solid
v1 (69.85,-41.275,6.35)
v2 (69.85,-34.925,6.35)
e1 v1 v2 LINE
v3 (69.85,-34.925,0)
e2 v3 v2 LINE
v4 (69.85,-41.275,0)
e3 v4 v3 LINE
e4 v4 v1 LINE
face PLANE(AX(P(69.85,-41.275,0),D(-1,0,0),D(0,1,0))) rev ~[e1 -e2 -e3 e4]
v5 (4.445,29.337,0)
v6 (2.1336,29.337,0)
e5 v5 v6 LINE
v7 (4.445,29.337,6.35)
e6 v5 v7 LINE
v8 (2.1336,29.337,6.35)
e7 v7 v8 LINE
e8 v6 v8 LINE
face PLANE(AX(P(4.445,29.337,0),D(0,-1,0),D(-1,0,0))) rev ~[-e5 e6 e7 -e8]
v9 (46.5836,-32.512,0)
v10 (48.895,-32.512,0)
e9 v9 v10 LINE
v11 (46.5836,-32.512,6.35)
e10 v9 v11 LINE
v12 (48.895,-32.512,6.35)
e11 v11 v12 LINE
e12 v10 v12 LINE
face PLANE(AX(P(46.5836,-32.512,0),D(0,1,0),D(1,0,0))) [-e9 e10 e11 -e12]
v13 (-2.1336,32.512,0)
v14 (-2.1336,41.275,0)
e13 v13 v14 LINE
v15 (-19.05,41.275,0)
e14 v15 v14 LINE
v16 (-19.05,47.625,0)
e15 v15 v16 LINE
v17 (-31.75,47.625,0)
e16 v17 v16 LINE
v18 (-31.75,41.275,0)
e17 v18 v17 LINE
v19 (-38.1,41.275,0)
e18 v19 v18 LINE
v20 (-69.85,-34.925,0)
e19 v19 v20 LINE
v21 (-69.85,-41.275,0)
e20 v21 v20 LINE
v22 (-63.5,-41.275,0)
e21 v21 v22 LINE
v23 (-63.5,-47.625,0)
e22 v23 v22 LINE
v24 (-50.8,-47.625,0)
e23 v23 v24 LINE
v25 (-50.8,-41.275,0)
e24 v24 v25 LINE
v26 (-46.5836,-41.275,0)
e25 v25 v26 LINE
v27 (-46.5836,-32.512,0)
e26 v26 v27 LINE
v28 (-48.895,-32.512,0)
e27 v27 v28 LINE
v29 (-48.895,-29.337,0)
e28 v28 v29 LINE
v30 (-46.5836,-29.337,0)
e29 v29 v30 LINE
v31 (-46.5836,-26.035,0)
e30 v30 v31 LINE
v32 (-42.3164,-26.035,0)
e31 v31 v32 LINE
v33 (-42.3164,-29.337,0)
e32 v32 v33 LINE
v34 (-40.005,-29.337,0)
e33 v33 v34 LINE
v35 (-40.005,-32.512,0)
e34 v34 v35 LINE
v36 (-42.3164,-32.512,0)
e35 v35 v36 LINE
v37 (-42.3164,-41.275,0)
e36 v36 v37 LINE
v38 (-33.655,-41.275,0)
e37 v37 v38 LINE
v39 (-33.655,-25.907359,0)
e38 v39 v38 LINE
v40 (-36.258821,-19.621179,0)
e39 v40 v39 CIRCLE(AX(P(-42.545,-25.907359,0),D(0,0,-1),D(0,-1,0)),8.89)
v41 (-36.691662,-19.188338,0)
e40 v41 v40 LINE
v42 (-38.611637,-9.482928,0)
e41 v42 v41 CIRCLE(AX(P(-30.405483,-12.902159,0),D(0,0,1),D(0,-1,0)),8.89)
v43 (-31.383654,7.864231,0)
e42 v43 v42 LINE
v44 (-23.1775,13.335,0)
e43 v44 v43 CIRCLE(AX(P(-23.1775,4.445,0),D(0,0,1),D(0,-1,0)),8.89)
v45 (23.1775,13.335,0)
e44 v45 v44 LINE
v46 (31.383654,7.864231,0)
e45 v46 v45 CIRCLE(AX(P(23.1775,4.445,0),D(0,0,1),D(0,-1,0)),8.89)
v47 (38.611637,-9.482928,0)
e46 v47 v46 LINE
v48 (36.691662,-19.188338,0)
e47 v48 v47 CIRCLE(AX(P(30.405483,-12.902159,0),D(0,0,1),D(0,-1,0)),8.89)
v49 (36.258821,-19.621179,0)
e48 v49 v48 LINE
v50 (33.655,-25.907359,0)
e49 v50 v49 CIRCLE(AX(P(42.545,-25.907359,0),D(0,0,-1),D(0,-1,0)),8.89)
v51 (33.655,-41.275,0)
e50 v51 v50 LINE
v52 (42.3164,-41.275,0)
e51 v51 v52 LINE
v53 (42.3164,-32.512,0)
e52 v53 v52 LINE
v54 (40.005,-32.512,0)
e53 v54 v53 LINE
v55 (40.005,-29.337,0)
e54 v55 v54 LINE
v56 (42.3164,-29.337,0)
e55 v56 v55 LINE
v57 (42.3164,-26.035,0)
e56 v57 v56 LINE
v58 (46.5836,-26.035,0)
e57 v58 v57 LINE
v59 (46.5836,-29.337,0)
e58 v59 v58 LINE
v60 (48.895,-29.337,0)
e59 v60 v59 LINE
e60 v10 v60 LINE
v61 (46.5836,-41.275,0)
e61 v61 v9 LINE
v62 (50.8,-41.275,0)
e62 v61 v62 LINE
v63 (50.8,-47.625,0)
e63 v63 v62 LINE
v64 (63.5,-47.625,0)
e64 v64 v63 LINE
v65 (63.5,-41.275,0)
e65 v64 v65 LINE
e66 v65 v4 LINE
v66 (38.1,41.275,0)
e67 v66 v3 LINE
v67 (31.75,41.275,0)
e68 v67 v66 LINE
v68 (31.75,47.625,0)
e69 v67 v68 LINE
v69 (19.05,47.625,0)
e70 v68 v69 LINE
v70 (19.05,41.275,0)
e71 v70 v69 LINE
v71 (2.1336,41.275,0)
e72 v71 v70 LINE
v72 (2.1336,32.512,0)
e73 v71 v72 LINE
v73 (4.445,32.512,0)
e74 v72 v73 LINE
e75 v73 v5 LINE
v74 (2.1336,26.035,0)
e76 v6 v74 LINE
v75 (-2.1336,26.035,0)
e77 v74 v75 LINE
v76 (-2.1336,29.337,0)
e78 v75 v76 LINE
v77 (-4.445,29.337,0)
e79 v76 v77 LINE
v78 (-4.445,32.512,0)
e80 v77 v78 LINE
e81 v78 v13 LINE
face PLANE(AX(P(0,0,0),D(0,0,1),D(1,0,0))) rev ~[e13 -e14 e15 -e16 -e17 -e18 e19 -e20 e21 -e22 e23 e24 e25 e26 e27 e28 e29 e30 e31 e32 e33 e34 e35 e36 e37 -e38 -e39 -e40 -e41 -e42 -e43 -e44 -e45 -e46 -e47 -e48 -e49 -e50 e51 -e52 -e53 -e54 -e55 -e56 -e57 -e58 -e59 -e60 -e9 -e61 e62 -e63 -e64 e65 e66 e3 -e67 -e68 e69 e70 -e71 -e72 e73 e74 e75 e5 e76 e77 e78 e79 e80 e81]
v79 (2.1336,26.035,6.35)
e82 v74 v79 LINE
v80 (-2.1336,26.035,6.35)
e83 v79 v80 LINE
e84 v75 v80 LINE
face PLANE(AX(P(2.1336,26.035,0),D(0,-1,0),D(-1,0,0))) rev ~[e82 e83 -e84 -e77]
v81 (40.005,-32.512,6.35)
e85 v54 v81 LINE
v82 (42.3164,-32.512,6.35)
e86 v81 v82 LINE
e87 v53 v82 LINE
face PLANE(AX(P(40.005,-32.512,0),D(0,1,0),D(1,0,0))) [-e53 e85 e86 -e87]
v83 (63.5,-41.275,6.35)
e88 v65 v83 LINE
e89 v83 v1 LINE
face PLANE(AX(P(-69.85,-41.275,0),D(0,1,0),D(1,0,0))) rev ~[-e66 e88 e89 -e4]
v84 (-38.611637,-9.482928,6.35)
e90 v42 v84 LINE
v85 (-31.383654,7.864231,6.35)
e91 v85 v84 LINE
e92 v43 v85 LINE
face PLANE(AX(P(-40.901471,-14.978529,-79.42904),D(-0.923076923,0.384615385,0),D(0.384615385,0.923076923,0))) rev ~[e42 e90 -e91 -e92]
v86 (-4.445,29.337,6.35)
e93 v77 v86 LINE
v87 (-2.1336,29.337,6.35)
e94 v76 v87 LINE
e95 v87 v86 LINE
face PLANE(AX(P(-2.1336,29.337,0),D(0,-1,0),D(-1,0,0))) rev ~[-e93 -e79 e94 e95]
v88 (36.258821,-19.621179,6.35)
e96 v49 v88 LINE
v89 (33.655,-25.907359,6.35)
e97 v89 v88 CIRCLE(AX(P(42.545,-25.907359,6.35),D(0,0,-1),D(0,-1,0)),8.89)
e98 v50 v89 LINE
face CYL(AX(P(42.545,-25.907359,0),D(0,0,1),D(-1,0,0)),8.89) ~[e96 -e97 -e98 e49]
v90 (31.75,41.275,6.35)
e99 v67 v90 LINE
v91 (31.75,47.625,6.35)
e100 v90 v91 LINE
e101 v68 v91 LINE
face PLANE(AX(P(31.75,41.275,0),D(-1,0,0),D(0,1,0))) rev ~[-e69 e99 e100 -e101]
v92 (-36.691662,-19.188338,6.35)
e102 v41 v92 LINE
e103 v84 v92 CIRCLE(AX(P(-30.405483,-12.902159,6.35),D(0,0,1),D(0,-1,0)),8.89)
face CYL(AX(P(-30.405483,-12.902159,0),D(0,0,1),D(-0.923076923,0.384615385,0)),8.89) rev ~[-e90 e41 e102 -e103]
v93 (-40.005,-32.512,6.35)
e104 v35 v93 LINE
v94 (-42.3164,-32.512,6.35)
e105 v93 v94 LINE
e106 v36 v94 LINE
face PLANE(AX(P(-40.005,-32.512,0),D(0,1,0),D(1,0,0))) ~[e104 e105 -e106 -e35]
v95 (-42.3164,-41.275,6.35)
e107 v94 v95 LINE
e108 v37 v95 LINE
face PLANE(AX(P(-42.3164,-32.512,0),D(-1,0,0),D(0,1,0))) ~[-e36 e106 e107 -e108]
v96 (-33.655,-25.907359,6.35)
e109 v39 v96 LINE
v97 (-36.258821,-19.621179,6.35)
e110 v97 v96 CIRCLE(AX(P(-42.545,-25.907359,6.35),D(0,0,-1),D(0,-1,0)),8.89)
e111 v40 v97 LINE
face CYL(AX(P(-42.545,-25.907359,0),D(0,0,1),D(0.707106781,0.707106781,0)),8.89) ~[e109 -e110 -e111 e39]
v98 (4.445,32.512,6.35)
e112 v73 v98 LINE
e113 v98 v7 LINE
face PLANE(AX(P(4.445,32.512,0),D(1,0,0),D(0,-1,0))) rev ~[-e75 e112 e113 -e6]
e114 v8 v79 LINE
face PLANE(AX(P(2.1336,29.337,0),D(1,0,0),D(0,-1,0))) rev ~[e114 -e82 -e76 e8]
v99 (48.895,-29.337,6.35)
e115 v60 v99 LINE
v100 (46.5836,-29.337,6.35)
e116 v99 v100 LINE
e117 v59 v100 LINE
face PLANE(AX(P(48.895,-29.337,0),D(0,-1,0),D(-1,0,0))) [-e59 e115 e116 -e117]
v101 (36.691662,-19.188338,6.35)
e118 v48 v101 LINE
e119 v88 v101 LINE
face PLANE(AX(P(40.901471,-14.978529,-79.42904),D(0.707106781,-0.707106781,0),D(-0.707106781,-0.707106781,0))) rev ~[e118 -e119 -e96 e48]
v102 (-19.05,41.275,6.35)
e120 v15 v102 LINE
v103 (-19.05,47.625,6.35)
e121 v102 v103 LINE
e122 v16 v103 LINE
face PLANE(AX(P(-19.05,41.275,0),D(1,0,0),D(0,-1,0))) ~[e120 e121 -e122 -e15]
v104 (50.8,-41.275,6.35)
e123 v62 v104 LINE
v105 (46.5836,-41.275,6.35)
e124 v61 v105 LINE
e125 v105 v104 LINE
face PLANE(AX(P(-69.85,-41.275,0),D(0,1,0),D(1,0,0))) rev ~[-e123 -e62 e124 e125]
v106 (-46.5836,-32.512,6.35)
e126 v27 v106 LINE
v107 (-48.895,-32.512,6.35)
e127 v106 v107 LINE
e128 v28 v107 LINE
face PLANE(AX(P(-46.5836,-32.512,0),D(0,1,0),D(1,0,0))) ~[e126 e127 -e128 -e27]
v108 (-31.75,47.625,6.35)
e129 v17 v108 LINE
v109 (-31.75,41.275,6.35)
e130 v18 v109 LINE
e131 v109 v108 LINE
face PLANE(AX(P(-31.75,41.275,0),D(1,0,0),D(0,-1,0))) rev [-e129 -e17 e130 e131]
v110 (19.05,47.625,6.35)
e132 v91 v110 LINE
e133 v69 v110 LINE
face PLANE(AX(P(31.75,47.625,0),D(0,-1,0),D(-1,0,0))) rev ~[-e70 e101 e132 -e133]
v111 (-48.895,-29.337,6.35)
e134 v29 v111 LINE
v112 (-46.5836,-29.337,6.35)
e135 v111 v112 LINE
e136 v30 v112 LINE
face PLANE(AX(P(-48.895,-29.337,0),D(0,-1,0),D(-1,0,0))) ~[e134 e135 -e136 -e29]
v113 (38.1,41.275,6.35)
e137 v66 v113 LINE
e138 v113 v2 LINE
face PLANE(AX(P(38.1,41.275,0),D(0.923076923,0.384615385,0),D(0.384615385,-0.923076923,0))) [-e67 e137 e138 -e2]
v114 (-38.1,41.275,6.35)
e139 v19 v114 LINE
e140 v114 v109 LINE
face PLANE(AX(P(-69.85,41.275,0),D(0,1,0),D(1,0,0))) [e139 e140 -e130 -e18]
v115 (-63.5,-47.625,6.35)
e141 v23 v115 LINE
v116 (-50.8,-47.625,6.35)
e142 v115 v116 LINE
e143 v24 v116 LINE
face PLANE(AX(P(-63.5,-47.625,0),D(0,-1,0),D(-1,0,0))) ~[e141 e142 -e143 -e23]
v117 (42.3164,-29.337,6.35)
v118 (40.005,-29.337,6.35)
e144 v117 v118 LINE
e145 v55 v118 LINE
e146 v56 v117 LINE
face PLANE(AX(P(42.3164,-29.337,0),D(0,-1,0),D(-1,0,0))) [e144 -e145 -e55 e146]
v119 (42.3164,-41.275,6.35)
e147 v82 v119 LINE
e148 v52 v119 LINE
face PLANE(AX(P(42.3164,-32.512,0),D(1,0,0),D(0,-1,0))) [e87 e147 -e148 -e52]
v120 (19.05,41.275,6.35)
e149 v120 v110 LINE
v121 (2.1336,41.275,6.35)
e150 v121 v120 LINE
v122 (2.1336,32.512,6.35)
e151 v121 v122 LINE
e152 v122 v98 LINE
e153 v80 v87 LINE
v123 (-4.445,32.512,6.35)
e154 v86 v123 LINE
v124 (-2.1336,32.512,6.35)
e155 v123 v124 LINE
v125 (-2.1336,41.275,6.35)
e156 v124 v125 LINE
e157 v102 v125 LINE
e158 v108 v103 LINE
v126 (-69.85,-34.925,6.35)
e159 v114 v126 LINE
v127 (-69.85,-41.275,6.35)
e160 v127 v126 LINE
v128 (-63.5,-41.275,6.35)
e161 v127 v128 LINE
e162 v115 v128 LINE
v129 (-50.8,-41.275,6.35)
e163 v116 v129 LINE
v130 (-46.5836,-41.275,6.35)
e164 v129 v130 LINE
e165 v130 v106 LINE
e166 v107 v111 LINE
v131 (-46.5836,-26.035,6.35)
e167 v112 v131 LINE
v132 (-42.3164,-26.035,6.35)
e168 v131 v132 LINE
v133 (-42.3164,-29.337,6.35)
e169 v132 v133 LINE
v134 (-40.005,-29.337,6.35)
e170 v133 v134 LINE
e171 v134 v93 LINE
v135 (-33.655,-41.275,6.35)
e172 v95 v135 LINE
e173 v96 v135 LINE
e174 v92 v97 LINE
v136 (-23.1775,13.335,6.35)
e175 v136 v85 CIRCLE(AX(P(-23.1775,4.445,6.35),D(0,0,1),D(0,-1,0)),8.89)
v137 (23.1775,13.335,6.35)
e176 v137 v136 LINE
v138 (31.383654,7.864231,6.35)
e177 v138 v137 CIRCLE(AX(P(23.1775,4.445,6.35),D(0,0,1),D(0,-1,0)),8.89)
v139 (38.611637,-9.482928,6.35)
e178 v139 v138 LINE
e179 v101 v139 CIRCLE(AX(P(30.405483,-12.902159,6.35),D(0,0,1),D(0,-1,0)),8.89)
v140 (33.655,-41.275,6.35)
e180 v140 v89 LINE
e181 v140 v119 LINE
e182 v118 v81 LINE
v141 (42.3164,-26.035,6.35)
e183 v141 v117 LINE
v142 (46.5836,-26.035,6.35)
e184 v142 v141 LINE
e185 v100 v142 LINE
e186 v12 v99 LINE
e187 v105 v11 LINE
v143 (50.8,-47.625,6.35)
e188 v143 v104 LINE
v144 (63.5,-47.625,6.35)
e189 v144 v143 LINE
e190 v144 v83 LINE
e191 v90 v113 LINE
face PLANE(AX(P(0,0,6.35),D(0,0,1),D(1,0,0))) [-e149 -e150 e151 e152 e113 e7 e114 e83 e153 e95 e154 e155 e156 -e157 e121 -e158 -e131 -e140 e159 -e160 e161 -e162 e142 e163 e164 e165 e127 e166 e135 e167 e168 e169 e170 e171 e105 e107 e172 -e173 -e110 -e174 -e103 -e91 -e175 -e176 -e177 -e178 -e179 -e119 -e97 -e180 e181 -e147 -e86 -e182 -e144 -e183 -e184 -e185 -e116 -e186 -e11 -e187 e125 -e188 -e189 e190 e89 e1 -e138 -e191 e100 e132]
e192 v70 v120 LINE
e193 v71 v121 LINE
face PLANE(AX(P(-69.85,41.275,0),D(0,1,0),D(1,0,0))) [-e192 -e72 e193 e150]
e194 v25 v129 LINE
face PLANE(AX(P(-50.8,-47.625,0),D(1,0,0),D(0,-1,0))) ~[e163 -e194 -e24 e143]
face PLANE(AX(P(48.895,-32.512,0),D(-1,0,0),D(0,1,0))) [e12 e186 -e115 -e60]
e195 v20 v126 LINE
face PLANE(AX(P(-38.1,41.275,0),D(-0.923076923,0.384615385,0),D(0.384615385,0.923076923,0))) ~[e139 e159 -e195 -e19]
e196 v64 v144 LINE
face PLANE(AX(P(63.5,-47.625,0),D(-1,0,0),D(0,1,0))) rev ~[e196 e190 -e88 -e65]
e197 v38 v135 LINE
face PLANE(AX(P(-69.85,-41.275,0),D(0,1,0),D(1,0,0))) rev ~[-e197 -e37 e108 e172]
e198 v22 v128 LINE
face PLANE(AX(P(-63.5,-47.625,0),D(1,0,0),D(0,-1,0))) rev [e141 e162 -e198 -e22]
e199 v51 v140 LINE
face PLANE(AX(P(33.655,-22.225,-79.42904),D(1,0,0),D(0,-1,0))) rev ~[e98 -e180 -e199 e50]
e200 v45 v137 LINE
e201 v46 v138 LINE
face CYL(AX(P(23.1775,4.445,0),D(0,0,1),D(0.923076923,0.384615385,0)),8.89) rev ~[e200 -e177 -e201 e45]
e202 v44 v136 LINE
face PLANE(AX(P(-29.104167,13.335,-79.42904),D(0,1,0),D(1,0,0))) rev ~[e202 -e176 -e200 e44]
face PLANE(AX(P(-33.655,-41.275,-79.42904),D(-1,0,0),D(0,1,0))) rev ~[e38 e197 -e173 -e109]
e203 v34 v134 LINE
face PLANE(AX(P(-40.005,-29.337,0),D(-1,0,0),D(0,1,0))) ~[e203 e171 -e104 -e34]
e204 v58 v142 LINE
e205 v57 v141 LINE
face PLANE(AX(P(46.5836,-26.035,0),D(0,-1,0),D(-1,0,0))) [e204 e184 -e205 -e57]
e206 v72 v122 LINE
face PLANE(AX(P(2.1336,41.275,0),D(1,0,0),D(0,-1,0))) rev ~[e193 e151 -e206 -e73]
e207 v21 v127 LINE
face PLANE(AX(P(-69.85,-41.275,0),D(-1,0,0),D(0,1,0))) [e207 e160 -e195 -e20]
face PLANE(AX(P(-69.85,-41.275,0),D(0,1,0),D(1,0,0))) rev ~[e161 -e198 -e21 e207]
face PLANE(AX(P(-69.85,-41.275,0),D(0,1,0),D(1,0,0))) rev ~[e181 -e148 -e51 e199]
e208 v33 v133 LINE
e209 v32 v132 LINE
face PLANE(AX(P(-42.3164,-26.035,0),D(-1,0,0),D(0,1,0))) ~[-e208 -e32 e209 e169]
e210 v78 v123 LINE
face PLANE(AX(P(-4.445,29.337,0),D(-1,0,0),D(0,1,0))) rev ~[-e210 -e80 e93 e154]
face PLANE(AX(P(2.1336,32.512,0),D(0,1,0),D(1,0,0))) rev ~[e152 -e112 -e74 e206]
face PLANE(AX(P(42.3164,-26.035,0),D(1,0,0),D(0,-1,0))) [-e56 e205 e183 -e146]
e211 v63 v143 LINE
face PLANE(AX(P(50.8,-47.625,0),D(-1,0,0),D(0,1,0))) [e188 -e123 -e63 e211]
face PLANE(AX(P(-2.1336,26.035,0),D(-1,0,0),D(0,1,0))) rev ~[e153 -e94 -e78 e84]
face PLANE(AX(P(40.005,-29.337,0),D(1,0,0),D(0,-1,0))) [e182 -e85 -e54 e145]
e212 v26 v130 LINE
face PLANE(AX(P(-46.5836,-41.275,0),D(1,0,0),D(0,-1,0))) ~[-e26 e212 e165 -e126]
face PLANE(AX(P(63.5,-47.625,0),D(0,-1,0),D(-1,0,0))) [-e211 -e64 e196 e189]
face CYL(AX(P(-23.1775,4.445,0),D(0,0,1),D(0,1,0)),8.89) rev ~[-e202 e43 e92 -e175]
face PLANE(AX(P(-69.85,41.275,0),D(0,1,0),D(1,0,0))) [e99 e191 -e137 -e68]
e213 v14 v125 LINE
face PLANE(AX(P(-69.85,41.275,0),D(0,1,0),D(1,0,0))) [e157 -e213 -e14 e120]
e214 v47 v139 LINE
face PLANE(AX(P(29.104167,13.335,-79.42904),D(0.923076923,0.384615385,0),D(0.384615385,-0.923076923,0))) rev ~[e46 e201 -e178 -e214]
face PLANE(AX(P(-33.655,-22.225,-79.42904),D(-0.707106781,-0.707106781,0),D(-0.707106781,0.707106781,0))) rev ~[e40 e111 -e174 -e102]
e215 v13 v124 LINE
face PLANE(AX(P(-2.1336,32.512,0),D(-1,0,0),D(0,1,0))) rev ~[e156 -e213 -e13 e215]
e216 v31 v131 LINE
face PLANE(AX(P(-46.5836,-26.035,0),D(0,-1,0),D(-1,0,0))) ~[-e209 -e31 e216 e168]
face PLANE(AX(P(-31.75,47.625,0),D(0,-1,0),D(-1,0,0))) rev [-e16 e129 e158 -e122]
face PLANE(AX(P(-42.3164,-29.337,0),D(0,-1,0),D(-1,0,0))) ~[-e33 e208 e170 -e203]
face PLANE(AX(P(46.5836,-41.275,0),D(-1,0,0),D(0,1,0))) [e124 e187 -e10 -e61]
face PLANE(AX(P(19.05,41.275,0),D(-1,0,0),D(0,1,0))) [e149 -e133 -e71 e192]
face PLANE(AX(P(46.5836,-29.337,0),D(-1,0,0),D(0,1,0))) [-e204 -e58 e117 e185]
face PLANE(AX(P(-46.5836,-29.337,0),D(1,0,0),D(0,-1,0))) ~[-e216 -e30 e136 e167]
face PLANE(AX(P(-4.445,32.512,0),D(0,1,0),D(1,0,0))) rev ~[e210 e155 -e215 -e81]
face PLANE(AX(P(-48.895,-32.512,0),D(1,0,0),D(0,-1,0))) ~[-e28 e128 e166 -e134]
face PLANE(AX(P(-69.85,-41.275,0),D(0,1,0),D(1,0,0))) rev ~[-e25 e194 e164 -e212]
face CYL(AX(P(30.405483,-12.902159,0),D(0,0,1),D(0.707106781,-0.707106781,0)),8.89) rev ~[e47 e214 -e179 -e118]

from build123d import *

# Parameters (mm, degrees)
SKETCH1_W               = 139.7
SKETCH1_H               = 82.55
BOSS_EXTRUDE1_DEPTH     = 6.35
SKETCH2_W               = 12.7
SKETCH2_H               = 6.35
BOSS_EXTRUDE2_DEPTH     = 6.35
CUT_EXTRUDE1_DEPTH      = 6.35
CUT_EXTRUDE8_DEPTH      = 6.35
CUT_EXTRUDE2_DEPTH      = 6.35
CUT_EXTRUDE9_DEPTH      = 85.77904001
CUT_EXTRUDE9_DEPTH_BACK = 85.77904001
FILLET1_R               = 8.89


with BuildPart() as part:
    # Sketch1 → Boss-Extrude1 (new body)
    with BuildSketch(Plane.XY):
        Rectangle(SKETCH1_W, SKETCH1_H)
    extrude(amount=BOSS_EXTRUDE1_DEPTH)

    # Sketch2 → Boss-Extrude2 (add)
    with BuildSketch(Plane(origin=(0, 0, 0), x_dir=(-1, 0, 0), z_dir=(0, 0, -1))):
        with Locations((-57.15, -44.45)):
            Rectangle(SKETCH2_W, SKETCH2_H)
        with Locations((-25.4, 44.45)):
            Rectangle(SKETCH2_W, SKETCH2_H)
    boss_extrude2 = extrude(amount=-BOSS_EXTRUDE2_DEPTH)

    # Sketch3 → Cut-Extrude1 (cut)
    with BuildSketch(Plane(origin=(0, 0, 0), x_dir=(-1, 0, 0), z_dir=(0, 0, -1))):
        Polygon((-46.5836, -41.275), (-46.5836, -32.512), (-48.895, -32.512), (-48.895, -29.337), (-46.5836, -29.337), (-46.5836, -26.035), (-42.3164, -26.035), (-42.3164, -29.337), (-40.005, -29.337), (-40.005, -32.512), (-42.3164, -32.512), (-42.3164, -41.275), align=None)
    cut_extrude1 = extrude(amount=-CUT_EXTRUDE1_DEPTH, mode=Mode.SUBTRACT)

    # Sketch7 → Cut-Extrude8 (cut)
    with BuildSketch(Plane(origin=(0, 0, 0), x_dir=(-1, 0, 0), z_dir=(0, 0, -1))):
        Polygon((-38.1, 41.275), (-69.85, -34.925), (-69.85, 41.275), align=None)
    cut_extrude8 = extrude(amount=-CUT_EXTRUDE8_DEPTH, mode=Mode.SUBTRACT)

    # Mirror2: Boss-Extrude2, Cut-Extrude8 across plane
    add(boss_extrude2.mirror(Plane(origin=(0, 0, 0), x_dir=(0, 0, 1), z_dir=(1, 0, 0))))
    add(cut_extrude8.mirror(Plane(origin=(0, 0, 0), x_dir=(0, 0, 1), z_dir=(1, 0, 0))), mode=Mode.SUBTRACT)

    # Mirror4: Cut-Extrude1 across plane
    add(cut_extrude1.mirror(Plane(origin=(0, 0, 0), x_dir=(0, 0, 1), z_dir=(1, 0, 0))), mode=Mode.SUBTRACT)

    # Sketch4 → Cut-Extrude2 (cut)
    with BuildSketch(Plane(origin=(0, 0, 0), x_dir=(-1, 0, 0), z_dir=(0, 0, -1))):
        Polygon((2.1336, 41.275), (-2.1336, 41.275), (-2.1336, 32.512), (-4.445, 32.512), (-4.445, 29.337), (-2.1336, 29.337), (-2.1336, 26.035), (2.1336, 26.035), (2.1336, 29.337), (4.445, 29.337), (4.445, 32.512), (2.1336, 32.512), align=None)
    extrude(amount=-CUT_EXTRUDE2_DEPTH, mode=Mode.SUBTRACT)

    # Sketch8 → Cut-Extrude9 (cut, two sides: drawn at the far end of the back side and taken through both)
    with BuildSketch(Plane.XY.offset(6.35).offset(-CUT_EXTRUDE9_DEPTH_BACK)):
        Polygon((-33.655, -22.225), (-40.901470588, -14.978529412), (-29.104166667, 13.335), (29.104166667, 13.335), (40.901470588, -14.978529412), (33.655, -22.225), (33.655, -41.275), (-33.655, -41.275), align=None)
    extrude(amount=CUT_EXTRUDE9_DEPTH + CUT_EXTRUDE9_DEPTH_BACK, mode=Mode.SUBTRACT)

    # Fillet1
    fillet1_edges = [part.edges().sort_by_distance(p)[0] for p in [
        (-33.655, -22.225, 3.175),
        (-40.901470588, -14.978529412, 3.175),
        (-29.104166667, 13.335, 3.175),
        (29.104166667, 13.335, 3.175),
        (40.901470588, -14.978529412, 3.175),
        (33.655, -22.225, 3.175),
    ]]
    fillet(fillet1_edges, radius=FILLET1_R)


solid = part.part
